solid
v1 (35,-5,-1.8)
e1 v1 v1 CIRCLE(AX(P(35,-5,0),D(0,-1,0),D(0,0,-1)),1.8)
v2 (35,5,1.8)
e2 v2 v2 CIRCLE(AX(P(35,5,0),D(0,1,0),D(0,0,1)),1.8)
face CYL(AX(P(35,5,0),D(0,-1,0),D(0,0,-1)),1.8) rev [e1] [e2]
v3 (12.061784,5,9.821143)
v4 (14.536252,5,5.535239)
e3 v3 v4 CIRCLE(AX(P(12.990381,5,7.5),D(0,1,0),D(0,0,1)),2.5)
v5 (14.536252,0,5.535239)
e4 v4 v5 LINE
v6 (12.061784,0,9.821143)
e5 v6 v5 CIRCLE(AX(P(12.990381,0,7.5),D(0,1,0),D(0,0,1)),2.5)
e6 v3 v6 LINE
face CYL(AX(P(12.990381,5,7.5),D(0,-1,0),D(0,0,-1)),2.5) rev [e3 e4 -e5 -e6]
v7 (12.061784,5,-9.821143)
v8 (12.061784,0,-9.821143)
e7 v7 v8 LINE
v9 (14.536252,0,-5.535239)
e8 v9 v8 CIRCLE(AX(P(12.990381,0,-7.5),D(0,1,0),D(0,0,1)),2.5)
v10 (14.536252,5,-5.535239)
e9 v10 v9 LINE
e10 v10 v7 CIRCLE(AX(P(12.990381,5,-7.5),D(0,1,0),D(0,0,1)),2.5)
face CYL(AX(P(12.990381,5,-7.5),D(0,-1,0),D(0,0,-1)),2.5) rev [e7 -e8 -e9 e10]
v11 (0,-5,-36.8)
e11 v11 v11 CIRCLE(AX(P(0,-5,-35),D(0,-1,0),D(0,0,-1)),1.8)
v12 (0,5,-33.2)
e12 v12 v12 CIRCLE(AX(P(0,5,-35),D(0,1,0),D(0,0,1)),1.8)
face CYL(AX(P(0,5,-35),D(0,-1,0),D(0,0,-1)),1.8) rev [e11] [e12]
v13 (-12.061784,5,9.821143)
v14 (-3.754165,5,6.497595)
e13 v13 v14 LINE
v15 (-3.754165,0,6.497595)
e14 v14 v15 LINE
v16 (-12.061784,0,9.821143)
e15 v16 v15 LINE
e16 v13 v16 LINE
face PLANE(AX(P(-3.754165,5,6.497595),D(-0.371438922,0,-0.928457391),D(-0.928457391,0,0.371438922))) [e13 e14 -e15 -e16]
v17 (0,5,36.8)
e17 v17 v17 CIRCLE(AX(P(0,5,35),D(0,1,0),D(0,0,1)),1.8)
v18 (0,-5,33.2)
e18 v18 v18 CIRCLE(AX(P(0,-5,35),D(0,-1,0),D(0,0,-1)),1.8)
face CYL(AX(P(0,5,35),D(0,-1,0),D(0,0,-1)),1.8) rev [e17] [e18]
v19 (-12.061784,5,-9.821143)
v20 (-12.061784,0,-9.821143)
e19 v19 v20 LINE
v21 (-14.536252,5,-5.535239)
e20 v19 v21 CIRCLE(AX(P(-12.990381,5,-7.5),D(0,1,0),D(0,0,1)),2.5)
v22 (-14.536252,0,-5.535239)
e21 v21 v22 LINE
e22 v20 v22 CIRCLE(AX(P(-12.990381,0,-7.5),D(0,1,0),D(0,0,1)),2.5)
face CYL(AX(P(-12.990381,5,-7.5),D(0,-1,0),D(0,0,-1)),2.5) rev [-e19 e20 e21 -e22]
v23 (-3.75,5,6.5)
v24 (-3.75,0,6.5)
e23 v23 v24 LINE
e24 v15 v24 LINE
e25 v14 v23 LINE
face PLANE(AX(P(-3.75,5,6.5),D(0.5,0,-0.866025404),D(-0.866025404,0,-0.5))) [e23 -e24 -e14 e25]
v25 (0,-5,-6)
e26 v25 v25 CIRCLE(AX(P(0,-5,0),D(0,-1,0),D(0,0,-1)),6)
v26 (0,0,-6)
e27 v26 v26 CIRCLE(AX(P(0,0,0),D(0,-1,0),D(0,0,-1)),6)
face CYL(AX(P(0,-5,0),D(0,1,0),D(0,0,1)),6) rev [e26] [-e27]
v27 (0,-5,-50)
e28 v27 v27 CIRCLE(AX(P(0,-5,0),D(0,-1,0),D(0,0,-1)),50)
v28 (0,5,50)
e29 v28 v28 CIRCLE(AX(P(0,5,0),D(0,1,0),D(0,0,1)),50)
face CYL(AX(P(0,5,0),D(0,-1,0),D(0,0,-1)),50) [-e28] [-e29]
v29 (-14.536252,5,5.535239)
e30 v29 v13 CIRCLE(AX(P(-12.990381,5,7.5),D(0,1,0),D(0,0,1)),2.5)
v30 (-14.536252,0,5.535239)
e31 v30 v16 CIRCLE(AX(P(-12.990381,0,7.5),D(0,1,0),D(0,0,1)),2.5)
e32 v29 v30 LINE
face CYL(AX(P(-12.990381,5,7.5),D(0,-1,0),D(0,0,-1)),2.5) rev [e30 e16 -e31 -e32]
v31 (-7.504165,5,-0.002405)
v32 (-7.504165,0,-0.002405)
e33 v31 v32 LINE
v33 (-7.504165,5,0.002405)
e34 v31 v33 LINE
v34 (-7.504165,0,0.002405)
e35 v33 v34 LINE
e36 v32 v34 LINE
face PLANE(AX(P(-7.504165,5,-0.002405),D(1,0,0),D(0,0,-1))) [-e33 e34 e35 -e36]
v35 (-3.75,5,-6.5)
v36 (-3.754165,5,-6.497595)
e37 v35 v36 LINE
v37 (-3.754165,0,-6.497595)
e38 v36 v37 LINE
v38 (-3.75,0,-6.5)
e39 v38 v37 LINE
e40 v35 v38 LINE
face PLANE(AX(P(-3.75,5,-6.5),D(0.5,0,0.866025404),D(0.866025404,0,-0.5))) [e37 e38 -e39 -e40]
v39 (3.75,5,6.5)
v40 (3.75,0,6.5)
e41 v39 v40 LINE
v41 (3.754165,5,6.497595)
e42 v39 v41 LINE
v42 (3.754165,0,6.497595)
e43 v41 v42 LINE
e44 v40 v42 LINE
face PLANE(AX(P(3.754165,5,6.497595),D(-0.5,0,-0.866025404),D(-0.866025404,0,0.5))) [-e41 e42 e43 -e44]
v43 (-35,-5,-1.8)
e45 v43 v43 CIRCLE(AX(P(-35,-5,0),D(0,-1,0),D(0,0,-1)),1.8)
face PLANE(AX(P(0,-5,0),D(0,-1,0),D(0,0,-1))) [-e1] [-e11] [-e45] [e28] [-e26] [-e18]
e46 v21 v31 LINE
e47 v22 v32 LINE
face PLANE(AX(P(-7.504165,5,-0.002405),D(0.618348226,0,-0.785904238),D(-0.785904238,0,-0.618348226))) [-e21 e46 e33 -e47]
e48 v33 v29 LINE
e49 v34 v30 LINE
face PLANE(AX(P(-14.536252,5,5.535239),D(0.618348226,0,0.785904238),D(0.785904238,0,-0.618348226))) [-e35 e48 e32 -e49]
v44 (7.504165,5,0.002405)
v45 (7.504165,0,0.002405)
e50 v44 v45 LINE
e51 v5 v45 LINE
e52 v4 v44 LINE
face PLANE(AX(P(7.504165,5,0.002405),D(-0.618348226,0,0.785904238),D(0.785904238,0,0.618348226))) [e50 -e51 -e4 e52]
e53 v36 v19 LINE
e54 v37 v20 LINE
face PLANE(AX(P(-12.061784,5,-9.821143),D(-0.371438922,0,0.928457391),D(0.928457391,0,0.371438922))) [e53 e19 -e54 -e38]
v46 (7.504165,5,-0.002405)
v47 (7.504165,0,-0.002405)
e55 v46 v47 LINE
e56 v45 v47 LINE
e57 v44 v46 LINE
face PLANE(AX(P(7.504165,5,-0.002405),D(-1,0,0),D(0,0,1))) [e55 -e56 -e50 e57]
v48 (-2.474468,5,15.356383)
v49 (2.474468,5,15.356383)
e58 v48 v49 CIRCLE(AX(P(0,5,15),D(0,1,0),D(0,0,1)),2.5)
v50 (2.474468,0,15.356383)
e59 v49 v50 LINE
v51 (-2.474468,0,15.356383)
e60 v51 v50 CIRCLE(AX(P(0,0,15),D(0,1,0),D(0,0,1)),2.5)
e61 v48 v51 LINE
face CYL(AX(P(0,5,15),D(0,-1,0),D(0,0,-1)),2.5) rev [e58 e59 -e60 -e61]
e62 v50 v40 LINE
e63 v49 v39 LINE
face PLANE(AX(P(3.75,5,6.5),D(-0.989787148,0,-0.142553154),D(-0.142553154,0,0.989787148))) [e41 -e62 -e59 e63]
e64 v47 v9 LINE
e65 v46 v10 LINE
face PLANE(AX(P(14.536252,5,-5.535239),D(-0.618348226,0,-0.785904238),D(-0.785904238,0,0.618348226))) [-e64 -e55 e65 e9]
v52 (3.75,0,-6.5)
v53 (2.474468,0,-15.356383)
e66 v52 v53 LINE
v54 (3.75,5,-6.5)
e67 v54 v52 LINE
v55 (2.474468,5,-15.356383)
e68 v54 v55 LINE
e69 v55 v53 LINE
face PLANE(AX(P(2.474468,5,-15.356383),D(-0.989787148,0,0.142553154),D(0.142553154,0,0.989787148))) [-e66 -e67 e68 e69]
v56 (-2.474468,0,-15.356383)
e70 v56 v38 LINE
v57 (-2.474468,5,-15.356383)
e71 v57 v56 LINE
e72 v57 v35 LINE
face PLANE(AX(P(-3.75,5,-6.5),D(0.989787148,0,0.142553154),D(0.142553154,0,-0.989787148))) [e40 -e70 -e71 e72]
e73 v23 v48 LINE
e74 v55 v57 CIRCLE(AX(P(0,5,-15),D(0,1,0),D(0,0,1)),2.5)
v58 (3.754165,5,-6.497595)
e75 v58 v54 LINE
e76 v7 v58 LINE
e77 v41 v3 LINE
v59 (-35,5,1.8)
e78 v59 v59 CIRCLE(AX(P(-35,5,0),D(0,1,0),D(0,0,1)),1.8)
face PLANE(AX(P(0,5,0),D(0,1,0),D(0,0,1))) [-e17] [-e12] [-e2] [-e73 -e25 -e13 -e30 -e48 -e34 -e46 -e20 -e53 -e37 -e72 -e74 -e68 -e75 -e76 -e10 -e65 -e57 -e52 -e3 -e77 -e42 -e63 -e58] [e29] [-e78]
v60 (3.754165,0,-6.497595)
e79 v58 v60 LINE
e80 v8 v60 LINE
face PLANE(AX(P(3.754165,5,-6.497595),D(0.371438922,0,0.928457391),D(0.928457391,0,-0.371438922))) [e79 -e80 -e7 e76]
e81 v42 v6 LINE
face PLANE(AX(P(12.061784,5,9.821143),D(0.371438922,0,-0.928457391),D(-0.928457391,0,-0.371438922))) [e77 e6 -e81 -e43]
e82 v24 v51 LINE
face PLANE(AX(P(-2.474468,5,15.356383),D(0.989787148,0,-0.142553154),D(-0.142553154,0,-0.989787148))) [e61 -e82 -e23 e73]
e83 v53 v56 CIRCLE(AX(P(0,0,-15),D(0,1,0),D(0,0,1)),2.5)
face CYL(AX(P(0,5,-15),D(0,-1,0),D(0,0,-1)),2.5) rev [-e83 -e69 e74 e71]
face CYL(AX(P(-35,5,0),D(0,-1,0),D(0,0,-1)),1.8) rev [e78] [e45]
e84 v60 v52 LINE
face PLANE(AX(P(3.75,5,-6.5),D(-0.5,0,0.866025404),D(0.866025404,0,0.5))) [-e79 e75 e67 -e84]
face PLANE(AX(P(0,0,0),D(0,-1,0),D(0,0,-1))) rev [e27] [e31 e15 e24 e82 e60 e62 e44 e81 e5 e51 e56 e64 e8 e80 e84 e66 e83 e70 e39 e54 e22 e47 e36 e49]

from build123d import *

# Parameters (mm, degrees)
SKETCH1_R           = 50
SKETCH1_R_2         = 1.8
BOSS_EXTRUDE1_DEPTH = 5
BOSS_EXTRUDE2_START = 5
SKETCH2_R           = 50
SKETCH2_R_2         = 1.8
SKETCH2_R_3         = 6
BOSS_EXTRUDE2_DEPTH = 5


with BuildPart() as part:
    # Sketch1 → Boss-Extrude1 (new body)
    with BuildSketch(Plane(origin=(0, 0, 0), x_dir=(1, 0, 0), z_dir=(0, 1, 0))):
        with Locations(Location((0, 0, 0), (0, 0, 270))):
            Circle(SKETCH1_R)
        with Locations(Location((0, 35, 0), (0, 0, 270))):
            Circle(SKETCH1_R_2, mode=Mode.SUBTRACT)
        with Locations(Location((35, 0, 0), (0, 0, 270))):
            Circle(SKETCH1_R_2, mode=Mode.SUBTRACT)
        with Locations(Location((0, -35, 0), (0, 0, 270))):
            Circle(SKETCH1_R_2, mode=Mode.SUBTRACT)
        with Locations(Location((-35, 0, 0), (0, 0, 270))):
            Circle(SKETCH1_R_2, mode=Mode.SUBTRACT)
        with BuildLine():
            Line((-3.75, 6.5), (-2.47446787, 15.356382884))
            ThreePointArc((-2.47446787, 15.356382884), (0, 17.5), (2.47446787, 15.356382884))
            Line((2.47446787, 15.356382884), (3.75, 6.5))
            Line((3.75, 6.5), (3.754165125, 6.497595264))
            Line((3.754165125, 6.497595264), (12.061783753, 9.821143478))
            ThreePointArc((12.061783753, 9.821143478), (15.155444566, 8.75), (14.536251623, 5.535239406))
            Line((14.536251623, 5.535239406), (7.504165125, 0.002404736))
            Line((7.504165125, 0.002404736), (7.504165125, -0.002404736))
            Line((7.504165125, -0.002404736), (14.536251623, -5.535239406))
            ThreePointArc((14.536251623, -5.535239406), (15.155444566, -8.75), (12.061783753, -9.821143478))
            Line((12.061783753, -9.821143478), (3.754165125, -6.497595264))
            Line((3.754165125, -6.497595264), (3.75, -6.5))
            Line((3.75, -6.5), (2.47446787, -15.356382884))
            ThreePointArc((2.47446787, -15.356382884), (0, -17.5), (-2.47446787, -15.356382884))
            Line((-2.47446787, -15.356382884), (-3.75, -6.5))
            Line((-3.75, -6.5), (-3.754165125, -6.497595264))
            Line((-3.754165125, -6.497595264), (-12.061783753, -9.821143478))
            ThreePointArc((-12.061783753, -9.821143478), (-15.155444566, -8.75), (-14.536251623, -5.535239406))
            Line((-14.536251623, -5.535239406), (-7.504165125, -0.002404736))
            Line((-7.504165125, -0.002404736), (-7.504165125, 0.002404736))
            Line((-7.504165125, 0.002404736), (-14.536251623, 5.535239406))
            ThreePointArc((-14.536251623, 5.535239406), (-15.155444566, 8.75), (-12.061783753, 9.821143478))
            Line((-12.061783753, 9.821143478), (-3.754165125, 6.497595264))
            Line((-3.754165125, 6.497595264), (-3.75, 6.5))
        make_face(mode=Mode.SUBTRACT)
    extrude(amount=BOSS_EXTRUDE1_DEPTH)

    # Sketch2 → Boss-Extrude2 (add)
    with BuildSketch(Plane.XZ.offset(BOSS_EXTRUDE2_START)):
        with Locations(Location((0, 0, 0), (0, 0, 270))):
            Circle(SKETCH2_R)
        with Locations(Location((-35, 0, 0), (0, 0, 270))):
            Circle(SKETCH2_R_2, mode=Mode.SUBTRACT)
        with Locations(Location((0, 35, 0), (0, 0, 270))):
            Circle(SKETCH2_R_2, mode=Mode.SUBTRACT)
        with Locations(Location((35, 0, 0), (0, 0, 270))):
            Circle(SKETCH2_R_2, mode=Mode.SUBTRACT)
        with Locations(Location((0, -35, 0), (0, 0, 270))):
            Circle(SKETCH2_R_2, mode=Mode.SUBTRACT)
        with Locations(Location((0, 0, 0), (0, 0, 270))):
            Circle(SKETCH2_R_3, mode=Mode.SUBTRACT)
    extrude(amount=-BOSS_EXTRUDE2_DEPTH)


solid = part.part
